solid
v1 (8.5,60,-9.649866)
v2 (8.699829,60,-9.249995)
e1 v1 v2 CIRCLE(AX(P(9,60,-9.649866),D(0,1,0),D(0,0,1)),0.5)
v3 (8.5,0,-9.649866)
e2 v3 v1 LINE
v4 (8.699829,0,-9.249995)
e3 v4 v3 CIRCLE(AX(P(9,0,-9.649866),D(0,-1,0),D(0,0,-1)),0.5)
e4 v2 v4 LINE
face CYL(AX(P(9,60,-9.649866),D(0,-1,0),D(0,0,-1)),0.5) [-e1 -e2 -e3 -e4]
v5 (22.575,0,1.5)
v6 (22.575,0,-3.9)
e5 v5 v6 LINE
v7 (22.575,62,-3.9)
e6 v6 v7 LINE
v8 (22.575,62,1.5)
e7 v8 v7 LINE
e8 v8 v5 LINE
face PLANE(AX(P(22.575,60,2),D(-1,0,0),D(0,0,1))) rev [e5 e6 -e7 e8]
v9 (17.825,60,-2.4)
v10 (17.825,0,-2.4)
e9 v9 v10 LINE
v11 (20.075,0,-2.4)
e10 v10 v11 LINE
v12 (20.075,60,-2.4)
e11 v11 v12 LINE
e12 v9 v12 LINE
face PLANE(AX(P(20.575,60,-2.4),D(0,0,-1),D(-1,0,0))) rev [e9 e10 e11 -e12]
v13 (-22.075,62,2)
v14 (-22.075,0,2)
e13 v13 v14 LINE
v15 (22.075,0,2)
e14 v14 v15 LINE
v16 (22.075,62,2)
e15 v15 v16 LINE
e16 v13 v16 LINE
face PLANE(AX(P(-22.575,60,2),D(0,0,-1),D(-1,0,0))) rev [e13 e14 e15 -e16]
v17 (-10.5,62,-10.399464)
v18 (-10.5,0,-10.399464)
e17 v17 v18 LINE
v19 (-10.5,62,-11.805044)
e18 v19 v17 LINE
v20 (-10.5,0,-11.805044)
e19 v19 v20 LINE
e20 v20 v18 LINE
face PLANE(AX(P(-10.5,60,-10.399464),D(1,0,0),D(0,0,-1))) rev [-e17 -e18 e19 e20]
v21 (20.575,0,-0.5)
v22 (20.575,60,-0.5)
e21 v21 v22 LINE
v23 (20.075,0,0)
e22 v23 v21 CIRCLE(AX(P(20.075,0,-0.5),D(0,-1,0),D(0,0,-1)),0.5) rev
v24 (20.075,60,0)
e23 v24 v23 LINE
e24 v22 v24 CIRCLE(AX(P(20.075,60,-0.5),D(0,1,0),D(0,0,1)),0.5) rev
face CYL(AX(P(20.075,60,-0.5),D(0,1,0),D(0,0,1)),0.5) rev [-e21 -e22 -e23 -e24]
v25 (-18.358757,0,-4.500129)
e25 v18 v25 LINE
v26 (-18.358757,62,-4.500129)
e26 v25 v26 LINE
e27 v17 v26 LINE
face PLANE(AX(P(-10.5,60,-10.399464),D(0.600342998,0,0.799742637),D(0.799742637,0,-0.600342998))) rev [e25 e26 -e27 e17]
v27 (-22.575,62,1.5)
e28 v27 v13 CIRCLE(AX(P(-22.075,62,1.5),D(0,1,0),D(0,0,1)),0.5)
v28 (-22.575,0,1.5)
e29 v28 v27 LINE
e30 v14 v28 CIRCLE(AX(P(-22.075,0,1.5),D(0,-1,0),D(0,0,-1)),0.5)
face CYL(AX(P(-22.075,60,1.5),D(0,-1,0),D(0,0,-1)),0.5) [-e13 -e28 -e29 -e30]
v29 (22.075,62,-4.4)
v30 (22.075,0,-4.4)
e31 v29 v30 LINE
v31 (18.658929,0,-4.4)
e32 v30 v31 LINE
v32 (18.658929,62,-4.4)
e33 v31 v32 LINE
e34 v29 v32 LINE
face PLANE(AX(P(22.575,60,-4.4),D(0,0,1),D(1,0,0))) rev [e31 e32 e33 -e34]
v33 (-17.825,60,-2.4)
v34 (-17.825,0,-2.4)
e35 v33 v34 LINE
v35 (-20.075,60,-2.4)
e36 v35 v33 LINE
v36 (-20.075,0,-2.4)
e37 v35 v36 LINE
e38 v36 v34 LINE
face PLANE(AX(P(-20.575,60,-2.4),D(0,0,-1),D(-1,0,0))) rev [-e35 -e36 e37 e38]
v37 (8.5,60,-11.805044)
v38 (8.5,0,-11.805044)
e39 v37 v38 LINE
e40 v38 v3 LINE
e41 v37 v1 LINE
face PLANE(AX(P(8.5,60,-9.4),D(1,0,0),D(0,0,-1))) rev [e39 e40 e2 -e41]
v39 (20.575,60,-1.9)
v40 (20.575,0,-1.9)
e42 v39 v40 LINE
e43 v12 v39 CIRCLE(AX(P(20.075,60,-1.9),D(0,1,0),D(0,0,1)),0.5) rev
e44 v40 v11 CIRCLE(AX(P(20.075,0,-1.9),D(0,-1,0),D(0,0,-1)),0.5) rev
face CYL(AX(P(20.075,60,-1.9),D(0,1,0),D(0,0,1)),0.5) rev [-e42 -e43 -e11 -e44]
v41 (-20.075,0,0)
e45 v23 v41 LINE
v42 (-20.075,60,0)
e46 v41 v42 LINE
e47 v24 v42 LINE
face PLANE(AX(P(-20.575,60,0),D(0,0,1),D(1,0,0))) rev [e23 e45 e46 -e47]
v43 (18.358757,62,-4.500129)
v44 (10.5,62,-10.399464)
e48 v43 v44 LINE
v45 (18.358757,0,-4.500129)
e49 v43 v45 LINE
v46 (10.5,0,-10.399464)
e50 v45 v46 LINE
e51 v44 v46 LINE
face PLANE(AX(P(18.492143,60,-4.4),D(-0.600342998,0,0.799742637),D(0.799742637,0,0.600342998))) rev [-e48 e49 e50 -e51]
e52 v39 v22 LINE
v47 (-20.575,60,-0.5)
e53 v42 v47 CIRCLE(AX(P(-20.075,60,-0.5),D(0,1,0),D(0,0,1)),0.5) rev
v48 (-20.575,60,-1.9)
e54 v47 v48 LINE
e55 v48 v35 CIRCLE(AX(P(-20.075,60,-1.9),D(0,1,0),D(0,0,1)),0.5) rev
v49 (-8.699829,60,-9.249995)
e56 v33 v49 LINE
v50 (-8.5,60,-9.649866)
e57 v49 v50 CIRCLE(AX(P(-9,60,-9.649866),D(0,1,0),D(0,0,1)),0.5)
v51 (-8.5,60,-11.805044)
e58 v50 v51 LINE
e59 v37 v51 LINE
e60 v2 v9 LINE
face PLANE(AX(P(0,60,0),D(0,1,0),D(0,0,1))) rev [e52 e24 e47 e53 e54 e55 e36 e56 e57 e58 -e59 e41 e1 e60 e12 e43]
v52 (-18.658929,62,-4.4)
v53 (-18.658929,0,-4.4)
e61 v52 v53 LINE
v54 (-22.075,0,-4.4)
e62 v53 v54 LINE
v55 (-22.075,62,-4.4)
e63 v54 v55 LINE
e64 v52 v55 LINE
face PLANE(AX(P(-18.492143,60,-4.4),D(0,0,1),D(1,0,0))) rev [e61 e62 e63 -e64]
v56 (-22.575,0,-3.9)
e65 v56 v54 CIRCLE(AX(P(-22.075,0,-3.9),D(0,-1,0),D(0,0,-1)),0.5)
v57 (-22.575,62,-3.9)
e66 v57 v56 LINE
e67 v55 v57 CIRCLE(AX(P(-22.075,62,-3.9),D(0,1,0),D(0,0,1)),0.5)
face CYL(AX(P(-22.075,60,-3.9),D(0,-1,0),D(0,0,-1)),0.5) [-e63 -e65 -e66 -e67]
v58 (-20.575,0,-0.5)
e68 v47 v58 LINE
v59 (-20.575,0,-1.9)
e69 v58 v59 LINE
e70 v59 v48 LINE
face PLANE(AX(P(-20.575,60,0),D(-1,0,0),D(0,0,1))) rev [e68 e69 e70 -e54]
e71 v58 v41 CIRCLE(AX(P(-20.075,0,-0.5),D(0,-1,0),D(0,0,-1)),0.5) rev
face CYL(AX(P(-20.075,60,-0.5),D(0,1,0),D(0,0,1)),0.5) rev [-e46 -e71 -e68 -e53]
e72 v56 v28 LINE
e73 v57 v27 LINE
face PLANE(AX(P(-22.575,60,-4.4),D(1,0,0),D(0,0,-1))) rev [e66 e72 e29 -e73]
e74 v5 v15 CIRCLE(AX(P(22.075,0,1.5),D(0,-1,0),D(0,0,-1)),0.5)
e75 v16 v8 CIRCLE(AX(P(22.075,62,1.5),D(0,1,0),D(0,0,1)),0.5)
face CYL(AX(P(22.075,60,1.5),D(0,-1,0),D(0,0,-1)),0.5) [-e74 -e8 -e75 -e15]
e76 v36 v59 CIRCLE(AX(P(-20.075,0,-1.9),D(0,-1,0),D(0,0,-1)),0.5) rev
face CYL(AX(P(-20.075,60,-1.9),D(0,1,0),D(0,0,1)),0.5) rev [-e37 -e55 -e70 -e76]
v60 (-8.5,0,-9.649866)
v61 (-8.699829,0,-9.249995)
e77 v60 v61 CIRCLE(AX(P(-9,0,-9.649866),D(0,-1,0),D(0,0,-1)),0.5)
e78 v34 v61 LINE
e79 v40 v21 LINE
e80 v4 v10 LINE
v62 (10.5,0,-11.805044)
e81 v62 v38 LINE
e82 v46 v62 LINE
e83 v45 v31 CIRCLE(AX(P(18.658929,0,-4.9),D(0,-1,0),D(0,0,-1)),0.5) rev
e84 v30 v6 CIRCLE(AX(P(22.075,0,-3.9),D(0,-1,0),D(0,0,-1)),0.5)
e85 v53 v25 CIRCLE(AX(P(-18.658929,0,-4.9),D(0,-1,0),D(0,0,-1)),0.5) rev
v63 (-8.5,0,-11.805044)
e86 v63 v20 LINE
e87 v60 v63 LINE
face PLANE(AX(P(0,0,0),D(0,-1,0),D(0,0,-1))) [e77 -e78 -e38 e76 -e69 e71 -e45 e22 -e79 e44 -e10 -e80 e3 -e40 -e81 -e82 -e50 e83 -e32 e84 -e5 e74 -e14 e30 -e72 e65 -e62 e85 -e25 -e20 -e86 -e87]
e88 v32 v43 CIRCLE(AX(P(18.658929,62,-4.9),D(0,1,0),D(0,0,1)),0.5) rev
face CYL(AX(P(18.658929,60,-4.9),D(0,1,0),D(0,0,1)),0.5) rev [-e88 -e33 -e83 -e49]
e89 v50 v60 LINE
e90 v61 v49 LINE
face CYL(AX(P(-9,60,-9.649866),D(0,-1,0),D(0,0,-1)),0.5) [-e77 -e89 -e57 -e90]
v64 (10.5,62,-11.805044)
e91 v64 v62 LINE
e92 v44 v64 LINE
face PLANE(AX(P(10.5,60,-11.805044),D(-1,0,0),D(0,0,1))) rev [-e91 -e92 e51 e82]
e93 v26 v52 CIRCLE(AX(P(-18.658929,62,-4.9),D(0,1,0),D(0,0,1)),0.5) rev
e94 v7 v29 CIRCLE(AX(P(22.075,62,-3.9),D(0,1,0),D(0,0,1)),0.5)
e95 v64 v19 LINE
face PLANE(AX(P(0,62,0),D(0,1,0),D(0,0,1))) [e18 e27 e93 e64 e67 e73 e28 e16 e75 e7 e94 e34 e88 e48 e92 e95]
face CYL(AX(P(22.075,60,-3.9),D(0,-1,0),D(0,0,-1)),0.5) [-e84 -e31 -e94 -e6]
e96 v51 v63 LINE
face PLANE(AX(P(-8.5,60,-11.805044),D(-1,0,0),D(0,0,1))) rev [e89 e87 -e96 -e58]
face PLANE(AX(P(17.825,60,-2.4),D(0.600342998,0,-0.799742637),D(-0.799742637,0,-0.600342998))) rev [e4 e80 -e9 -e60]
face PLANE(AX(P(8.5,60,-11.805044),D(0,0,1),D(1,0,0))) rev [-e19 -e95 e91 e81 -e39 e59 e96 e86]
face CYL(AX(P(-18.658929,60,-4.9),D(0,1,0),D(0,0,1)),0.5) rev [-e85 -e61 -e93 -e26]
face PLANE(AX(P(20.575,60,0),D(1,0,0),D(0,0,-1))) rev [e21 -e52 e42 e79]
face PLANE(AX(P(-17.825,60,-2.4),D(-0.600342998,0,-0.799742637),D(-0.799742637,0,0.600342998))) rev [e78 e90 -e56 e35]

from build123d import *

# Parameters (mm, degrees)
BOSS_EXTRUDE1_DEPTH = 60
BOSS_EXTRUDE2_DEPTH = 2
FILLET1_R           = 0.5


with BuildPart() as part:
    # Sketch2 → Boss-Extrude1 (new body)
    with BuildSketch(Plane(origin=(0, 0, 0), x_dir=(1, 0, 0), z_dir=(0, 1, 0))):
        Polygon((-20.575, 0), (20.575, 0), (20.575, 2.4), (17.825, 2.4), (8.5, 9.4), (8.5, 11.805044241), (10.5, 11.805044241), (10.5, 10.399464037), (18.492143163, 4.4), (22.575, 4.4), (22.575, -2), (-22.575, -2), (-22.575, 4.4), (-18.492143163, 4.4), (-10.5, 10.399464037), (-10.5, 11.805044241), (-8.5, 11.805044241), (-8.5, 9.4), (-17.825, 2.4), (-20.575, 2.4), align=None)
    extrude(amount=BOSS_EXTRUDE1_DEPTH)

    # Sketch4 → Boss-Extrude2 (add)
    with BuildSketch(Plane(origin=(0, 60, 0), x_dir=(1, 0, 0), z_dir=(0, 1, 0))):
        Polygon((-22.575, 4.4), (-22.575, -2), (22.575, -2), (22.575, 4.4), (18.492143163, 4.4), (10.5, 10.399464037), (10.5, 11.805044241), (-10.5, 11.805044241), (-10.5, 10.399464037), (-18.492143163, 4.4), align=None)
    extrude(amount=BOSS_EXTRUDE2_DEPTH)

    # Fillet1
    fillet1_edges = [part.edges().sort_by_distance(p)[0] for p in [
        (8.5, 30, -9.4),
        (18.492143163, 31, -4.4),
        (22.575, 31, -4.4),
        (22.575, 31, 2),
        (-22.575, 31, 2),
        (-22.575, 31, -4.4),
        (-18.492143163, 31, -4.4),
        (-8.5, 30, -9.4),
        (-20.575, 30, -2.4),
        (-20.575, 30, 0),
        (20.575, 30, 0),
        (20.575, 30, -2.4),
    ]]
    fillet(fillet1_edges, radius=FILLET1_R)


solid = part.part
